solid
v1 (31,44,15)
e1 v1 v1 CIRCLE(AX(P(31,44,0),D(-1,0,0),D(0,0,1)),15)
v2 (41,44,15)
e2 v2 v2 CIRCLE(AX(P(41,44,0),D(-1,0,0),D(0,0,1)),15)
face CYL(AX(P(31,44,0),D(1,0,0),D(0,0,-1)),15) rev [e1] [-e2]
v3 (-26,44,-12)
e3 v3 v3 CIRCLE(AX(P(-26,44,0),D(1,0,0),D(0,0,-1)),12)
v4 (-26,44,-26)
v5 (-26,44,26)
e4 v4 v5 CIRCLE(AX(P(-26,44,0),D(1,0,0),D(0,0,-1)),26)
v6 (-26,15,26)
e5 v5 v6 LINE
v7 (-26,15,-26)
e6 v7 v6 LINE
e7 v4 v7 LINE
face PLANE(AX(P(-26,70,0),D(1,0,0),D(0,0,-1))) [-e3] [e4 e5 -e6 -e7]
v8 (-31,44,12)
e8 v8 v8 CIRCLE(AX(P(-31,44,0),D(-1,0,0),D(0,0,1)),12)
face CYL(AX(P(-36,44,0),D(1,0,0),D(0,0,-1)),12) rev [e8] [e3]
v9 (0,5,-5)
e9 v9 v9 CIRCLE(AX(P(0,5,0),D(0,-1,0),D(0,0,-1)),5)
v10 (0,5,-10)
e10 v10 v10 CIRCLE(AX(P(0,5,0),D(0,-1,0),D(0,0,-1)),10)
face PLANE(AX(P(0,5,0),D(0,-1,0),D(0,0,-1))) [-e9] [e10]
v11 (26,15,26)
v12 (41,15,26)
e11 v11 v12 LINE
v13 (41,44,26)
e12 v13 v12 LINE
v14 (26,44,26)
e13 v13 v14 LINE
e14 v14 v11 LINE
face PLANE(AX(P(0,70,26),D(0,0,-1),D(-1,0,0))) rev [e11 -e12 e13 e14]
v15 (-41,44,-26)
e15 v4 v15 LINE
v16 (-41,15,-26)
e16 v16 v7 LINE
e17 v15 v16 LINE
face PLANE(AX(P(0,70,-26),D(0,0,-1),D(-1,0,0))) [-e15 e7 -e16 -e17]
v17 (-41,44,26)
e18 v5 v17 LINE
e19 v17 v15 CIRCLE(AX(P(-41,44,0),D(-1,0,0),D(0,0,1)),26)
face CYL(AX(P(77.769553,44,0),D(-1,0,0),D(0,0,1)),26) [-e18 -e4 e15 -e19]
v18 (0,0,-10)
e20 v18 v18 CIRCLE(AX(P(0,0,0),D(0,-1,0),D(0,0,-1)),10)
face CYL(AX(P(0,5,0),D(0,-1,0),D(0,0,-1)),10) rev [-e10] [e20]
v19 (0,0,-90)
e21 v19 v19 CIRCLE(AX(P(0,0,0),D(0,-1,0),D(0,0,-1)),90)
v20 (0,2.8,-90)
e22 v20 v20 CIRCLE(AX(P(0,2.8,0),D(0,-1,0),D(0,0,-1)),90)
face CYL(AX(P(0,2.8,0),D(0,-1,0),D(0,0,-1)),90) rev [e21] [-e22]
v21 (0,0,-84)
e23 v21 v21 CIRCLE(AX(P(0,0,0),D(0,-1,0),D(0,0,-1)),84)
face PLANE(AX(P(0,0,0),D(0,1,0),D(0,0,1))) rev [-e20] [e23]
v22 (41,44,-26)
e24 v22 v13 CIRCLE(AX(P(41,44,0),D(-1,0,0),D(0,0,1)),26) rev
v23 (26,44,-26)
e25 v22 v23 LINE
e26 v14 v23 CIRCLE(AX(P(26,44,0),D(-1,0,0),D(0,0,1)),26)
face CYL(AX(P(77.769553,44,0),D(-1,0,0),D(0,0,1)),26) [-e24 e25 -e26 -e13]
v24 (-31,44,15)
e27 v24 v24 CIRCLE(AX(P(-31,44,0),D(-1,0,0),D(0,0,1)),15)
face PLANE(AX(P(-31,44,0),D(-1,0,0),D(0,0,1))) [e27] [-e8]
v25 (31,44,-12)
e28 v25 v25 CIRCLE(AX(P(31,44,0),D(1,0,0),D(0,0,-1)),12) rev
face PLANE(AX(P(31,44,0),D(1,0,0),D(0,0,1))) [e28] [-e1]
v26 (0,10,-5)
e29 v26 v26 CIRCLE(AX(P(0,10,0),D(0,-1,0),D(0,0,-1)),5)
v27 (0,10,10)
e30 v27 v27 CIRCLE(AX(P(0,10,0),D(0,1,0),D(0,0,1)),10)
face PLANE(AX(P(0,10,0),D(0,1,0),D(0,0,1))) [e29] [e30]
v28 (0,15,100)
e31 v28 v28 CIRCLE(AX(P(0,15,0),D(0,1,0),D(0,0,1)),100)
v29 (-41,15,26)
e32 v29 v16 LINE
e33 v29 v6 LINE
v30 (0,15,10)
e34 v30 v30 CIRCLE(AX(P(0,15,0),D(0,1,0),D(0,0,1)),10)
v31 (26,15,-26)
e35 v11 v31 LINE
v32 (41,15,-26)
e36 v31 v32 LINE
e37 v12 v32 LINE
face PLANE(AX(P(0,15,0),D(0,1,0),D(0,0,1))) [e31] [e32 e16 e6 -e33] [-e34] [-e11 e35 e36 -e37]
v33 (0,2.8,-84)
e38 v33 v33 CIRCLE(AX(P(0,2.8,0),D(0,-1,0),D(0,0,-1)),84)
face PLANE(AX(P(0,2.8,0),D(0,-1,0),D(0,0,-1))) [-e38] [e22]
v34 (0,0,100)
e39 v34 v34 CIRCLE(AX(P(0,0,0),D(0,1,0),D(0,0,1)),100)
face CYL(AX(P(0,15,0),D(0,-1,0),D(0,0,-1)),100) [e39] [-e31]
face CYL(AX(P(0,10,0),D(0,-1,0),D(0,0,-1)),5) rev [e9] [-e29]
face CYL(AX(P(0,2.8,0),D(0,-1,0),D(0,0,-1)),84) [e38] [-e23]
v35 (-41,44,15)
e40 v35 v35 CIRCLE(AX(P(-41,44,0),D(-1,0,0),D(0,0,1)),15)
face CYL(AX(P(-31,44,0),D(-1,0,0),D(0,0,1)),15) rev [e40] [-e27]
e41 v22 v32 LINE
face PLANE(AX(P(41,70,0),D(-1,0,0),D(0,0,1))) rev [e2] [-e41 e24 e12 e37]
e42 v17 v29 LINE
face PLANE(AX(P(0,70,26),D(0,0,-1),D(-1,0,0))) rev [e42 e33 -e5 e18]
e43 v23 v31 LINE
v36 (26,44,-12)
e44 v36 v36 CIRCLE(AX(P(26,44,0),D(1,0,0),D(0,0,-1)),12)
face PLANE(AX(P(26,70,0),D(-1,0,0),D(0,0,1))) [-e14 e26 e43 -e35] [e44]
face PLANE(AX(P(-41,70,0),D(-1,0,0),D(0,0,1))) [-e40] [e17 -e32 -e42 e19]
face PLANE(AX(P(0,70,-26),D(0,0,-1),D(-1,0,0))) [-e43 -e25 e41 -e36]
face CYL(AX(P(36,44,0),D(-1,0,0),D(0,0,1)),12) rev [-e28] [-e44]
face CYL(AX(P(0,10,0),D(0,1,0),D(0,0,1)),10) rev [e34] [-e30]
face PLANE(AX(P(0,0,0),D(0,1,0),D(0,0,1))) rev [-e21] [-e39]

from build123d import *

# Parameters (mm, degrees)
SKIZZE1_R                        = 100
AUFSATZ_LINEAR_AUSTRAGEN1_DEPTH  = 15
AUFSATZ_LINEAR_AUSTRAGEN2_DEPTH  = 55
SCHNITT_LINEAR_AUSTRAGEN5_REACH  = 188.497
SKIZZE7_R                        = 15
SCHNITT_LINEAR_AUSTRAGEN6_DEPTH  = 10
SKIZZE10_R                       = 10
SCHNITT_LINEAR_AUSTRAGEN9_DEPTH  = 5
SCHNITT_LINEAR_START             = -5
SKIZZE11_R                       = 10
SCHNITT_LINEAR_AUSTRAGEN10_DEPTH = 5
SKIZZE12_R                       = 90
SKIZZE12_R_2                     = 84
SCHNITT_LINEAR_AUSTRAGEN11_DEPTH = 2.8
SKIZZE13_R                       = 5
SCHNITT_LINEAR_AUSTRAGEN12_DEPTH = 5
SKIZZE14_R                       = 12
SCHNITT_LINEAR_AUSTRAGEN13_DEPTH = 10


with BuildPart() as part:
    # Skizze1 → Aufsatz-Linear austragen1 (new body)
    with BuildSketch(Plane(origin=(0, 0, 0), x_dir=(1, 0, 0), z_dir=(0, 1, 0))):
        with Locations(Location((0, 0, 0), (0, 0, 270))):
            Circle(SKIZZE1_R)
    extrude(amount=AUFSATZ_LINEAR_AUSTRAGEN1_DEPTH)

    # Skizze2 → Aufsatz-Linear austragen2 (add)
    with BuildSketch(Plane(origin=(0, 15, 0), x_dir=(1, 0, 0), z_dir=(0, 1, 0))):
        Polygon((-26, -25), (-26, 25), (-26, 26), (-41, 26), (-41, -26), (-26, -26), align=None)
        Polygon((26, 26), (26, 25), (26, -25), (26, -26), (41, -26), (41, 26), align=None)
    extrude(amount=AUFSATZ_LINEAR_AUSTRAGEN2_DEPTH)

    # Schnitt-Linear austragen5: up to this face of the body (flat: up to its plane)
    schnitt_linear_austragen5_end = Plane(part.part.faces().sort_by_distance((41, 42.5, 0))[0])
    # Skizze3 → Schnitt-Linear austragen5 (cut, up to the picked face)
    with BuildSketch(Plane.ZY.offset(41), mode=Mode.PRIVATE) as schnitt_linear_austragen5_sk1:
        with BuildLine():
            Line((-26, 70), (-26, 44))
            ThreePointArc((-26, 44), (-18.384776279, 62.384776343), (9.1e-08, 70))
            Line((9.1e-08, 70), (-26, 70))
        make_face()
    schnitt_linear_austragen5_tool1 = split(extrude(schnitt_linear_austragen5_sk1.sketch, amount=-SCHNITT_LINEAR_AUSTRAGEN5_REACH, mode=Mode.PRIVATE), bisect_by=schnitt_linear_austragen5_end, keep=Keep.BOTH, mode=Mode.PRIVATE)
    # Skizze3 → Schnitt-Linear austragen5 (cut, up to the picked face)
    with BuildSketch(Plane.ZY.offset(41), mode=Mode.PRIVATE) as schnitt_linear_austragen5_sk2:
        with BuildLine():
            ThreePointArc((9.1e-08, 70), (18.384776343, 62.384776279), (26, 44))
            Line((26, 44), (26, 70))
            Line((26, 70), (9.1e-08, 70))
        make_face()
    schnitt_linear_austragen5_tool2 = split(extrude(schnitt_linear_austragen5_sk2.sketch, amount=-SCHNITT_LINEAR_AUSTRAGEN5_REACH, mode=Mode.PRIVATE), bisect_by=schnitt_linear_austragen5_end, keep=Keep.BOTH, mode=Mode.PRIVATE)
    add(schnitt_linear_austragen5_tool1.solids().sort_by(Axis((-41, 64.192434, -20.192434), (1, 0, 0)))[0], mode=Mode.SUBTRACT)
    add(schnitt_linear_austragen5_tool2.solids().sort_by(Axis((-41, 64.192434, 20.192434), (1, 0, 0)))[0], mode=Mode.SUBTRACT)

    # Skizze7 → Schnitt-Linear austragen6 (cut)
    with BuildSketch(Plane.ZY.offset(41)):
        with Locations((0, 44)):
            Circle(SKIZZE7_R)
    schnitt_linear_austragen6 = extrude(amount=-SCHNITT_LINEAR_AUSTRAGEN6_DEPTH, mode=Mode.SUBTRACT)

    # Skizze10 → Schnitt-Linear austragen9 (cut)
    with BuildSketch(Plane(origin=(0, 15, 0), x_dir=(1, 0, 0), z_dir=(0, 1, 0))):
        with Locations(Location((0, 0, 0), (0, 0, 270))):
            Circle(SKIZZE10_R)
    extrude(amount=-SCHNITT_LINEAR_AUSTRAGEN9_DEPTH, mode=Mode.SUBTRACT)

    # Skizze11 → Schnitt-Linear austragen10 (cut)
    with BuildSketch(Plane.XZ.offset(SCHNITT_LINEAR_START)):
        with Locations(Location((0, 0, 0), (0, 0, 90))):
            Circle(SKIZZE11_R)
    extrude(amount=SCHNITT_LINEAR_AUSTRAGEN10_DEPTH, mode=Mode.SUBTRACT)

    # Skizze12 → Schnitt-Linear austragen11 (cut)
    with BuildSketch(Plane.XZ):
        with Locations(Location((0, 0, 0), (0, 0, 270))):
            Circle(SKIZZE12_R)
        with Locations(Location((0, 0, 0), (0, 0, 270))):
            Circle(SKIZZE12_R_2, mode=Mode.SUBTRACT)
    extrude(amount=-SCHNITT_LINEAR_AUSTRAGEN11_DEPTH, mode=Mode.SUBTRACT)

    # Skizze13 → Schnitt-Linear austragen12 (cut)
    with BuildSketch(Plane.XZ.offset(-5)):
        with Locations(Location((0, 0, 0), (0, 0, 270))):
            Circle(SKIZZE13_R)
    extrude(amount=-SCHNITT_LINEAR_AUSTRAGEN12_DEPTH, mode=Mode.SUBTRACT)

    # Skizze14 → Schnitt-Linear austragen13 (cut)
    with BuildSketch(Plane(origin=(-26, 0, 0), x_dir=(0, 0, -1), z_dir=(1, 0, 0))):
        with Locations((0, 44)):
            Circle(SKIZZE14_R)
    schnitt_linear_austragen13 = extrude(amount=-SCHNITT_LINEAR_AUSTRAGEN13_DEPTH, mode=Mode.SUBTRACT)

    # Spiegeln1: Schnitt-Linear austragen6, Schnitt-Linear austragen13 across plane
    add(schnitt_linear_austragen6.mirror(Plane(origin=(0, 0, 0), x_dir=(0, 0, 1), z_dir=(1, 0, 0))), mode=Mode.SUBTRACT)
    add(schnitt_linear_austragen13.mirror(Plane(origin=(0, 0, 0), x_dir=(0, 0, 1), z_dir=(1, 0, 0))), mode=Mode.SUBTRACT)


solid = part.part
